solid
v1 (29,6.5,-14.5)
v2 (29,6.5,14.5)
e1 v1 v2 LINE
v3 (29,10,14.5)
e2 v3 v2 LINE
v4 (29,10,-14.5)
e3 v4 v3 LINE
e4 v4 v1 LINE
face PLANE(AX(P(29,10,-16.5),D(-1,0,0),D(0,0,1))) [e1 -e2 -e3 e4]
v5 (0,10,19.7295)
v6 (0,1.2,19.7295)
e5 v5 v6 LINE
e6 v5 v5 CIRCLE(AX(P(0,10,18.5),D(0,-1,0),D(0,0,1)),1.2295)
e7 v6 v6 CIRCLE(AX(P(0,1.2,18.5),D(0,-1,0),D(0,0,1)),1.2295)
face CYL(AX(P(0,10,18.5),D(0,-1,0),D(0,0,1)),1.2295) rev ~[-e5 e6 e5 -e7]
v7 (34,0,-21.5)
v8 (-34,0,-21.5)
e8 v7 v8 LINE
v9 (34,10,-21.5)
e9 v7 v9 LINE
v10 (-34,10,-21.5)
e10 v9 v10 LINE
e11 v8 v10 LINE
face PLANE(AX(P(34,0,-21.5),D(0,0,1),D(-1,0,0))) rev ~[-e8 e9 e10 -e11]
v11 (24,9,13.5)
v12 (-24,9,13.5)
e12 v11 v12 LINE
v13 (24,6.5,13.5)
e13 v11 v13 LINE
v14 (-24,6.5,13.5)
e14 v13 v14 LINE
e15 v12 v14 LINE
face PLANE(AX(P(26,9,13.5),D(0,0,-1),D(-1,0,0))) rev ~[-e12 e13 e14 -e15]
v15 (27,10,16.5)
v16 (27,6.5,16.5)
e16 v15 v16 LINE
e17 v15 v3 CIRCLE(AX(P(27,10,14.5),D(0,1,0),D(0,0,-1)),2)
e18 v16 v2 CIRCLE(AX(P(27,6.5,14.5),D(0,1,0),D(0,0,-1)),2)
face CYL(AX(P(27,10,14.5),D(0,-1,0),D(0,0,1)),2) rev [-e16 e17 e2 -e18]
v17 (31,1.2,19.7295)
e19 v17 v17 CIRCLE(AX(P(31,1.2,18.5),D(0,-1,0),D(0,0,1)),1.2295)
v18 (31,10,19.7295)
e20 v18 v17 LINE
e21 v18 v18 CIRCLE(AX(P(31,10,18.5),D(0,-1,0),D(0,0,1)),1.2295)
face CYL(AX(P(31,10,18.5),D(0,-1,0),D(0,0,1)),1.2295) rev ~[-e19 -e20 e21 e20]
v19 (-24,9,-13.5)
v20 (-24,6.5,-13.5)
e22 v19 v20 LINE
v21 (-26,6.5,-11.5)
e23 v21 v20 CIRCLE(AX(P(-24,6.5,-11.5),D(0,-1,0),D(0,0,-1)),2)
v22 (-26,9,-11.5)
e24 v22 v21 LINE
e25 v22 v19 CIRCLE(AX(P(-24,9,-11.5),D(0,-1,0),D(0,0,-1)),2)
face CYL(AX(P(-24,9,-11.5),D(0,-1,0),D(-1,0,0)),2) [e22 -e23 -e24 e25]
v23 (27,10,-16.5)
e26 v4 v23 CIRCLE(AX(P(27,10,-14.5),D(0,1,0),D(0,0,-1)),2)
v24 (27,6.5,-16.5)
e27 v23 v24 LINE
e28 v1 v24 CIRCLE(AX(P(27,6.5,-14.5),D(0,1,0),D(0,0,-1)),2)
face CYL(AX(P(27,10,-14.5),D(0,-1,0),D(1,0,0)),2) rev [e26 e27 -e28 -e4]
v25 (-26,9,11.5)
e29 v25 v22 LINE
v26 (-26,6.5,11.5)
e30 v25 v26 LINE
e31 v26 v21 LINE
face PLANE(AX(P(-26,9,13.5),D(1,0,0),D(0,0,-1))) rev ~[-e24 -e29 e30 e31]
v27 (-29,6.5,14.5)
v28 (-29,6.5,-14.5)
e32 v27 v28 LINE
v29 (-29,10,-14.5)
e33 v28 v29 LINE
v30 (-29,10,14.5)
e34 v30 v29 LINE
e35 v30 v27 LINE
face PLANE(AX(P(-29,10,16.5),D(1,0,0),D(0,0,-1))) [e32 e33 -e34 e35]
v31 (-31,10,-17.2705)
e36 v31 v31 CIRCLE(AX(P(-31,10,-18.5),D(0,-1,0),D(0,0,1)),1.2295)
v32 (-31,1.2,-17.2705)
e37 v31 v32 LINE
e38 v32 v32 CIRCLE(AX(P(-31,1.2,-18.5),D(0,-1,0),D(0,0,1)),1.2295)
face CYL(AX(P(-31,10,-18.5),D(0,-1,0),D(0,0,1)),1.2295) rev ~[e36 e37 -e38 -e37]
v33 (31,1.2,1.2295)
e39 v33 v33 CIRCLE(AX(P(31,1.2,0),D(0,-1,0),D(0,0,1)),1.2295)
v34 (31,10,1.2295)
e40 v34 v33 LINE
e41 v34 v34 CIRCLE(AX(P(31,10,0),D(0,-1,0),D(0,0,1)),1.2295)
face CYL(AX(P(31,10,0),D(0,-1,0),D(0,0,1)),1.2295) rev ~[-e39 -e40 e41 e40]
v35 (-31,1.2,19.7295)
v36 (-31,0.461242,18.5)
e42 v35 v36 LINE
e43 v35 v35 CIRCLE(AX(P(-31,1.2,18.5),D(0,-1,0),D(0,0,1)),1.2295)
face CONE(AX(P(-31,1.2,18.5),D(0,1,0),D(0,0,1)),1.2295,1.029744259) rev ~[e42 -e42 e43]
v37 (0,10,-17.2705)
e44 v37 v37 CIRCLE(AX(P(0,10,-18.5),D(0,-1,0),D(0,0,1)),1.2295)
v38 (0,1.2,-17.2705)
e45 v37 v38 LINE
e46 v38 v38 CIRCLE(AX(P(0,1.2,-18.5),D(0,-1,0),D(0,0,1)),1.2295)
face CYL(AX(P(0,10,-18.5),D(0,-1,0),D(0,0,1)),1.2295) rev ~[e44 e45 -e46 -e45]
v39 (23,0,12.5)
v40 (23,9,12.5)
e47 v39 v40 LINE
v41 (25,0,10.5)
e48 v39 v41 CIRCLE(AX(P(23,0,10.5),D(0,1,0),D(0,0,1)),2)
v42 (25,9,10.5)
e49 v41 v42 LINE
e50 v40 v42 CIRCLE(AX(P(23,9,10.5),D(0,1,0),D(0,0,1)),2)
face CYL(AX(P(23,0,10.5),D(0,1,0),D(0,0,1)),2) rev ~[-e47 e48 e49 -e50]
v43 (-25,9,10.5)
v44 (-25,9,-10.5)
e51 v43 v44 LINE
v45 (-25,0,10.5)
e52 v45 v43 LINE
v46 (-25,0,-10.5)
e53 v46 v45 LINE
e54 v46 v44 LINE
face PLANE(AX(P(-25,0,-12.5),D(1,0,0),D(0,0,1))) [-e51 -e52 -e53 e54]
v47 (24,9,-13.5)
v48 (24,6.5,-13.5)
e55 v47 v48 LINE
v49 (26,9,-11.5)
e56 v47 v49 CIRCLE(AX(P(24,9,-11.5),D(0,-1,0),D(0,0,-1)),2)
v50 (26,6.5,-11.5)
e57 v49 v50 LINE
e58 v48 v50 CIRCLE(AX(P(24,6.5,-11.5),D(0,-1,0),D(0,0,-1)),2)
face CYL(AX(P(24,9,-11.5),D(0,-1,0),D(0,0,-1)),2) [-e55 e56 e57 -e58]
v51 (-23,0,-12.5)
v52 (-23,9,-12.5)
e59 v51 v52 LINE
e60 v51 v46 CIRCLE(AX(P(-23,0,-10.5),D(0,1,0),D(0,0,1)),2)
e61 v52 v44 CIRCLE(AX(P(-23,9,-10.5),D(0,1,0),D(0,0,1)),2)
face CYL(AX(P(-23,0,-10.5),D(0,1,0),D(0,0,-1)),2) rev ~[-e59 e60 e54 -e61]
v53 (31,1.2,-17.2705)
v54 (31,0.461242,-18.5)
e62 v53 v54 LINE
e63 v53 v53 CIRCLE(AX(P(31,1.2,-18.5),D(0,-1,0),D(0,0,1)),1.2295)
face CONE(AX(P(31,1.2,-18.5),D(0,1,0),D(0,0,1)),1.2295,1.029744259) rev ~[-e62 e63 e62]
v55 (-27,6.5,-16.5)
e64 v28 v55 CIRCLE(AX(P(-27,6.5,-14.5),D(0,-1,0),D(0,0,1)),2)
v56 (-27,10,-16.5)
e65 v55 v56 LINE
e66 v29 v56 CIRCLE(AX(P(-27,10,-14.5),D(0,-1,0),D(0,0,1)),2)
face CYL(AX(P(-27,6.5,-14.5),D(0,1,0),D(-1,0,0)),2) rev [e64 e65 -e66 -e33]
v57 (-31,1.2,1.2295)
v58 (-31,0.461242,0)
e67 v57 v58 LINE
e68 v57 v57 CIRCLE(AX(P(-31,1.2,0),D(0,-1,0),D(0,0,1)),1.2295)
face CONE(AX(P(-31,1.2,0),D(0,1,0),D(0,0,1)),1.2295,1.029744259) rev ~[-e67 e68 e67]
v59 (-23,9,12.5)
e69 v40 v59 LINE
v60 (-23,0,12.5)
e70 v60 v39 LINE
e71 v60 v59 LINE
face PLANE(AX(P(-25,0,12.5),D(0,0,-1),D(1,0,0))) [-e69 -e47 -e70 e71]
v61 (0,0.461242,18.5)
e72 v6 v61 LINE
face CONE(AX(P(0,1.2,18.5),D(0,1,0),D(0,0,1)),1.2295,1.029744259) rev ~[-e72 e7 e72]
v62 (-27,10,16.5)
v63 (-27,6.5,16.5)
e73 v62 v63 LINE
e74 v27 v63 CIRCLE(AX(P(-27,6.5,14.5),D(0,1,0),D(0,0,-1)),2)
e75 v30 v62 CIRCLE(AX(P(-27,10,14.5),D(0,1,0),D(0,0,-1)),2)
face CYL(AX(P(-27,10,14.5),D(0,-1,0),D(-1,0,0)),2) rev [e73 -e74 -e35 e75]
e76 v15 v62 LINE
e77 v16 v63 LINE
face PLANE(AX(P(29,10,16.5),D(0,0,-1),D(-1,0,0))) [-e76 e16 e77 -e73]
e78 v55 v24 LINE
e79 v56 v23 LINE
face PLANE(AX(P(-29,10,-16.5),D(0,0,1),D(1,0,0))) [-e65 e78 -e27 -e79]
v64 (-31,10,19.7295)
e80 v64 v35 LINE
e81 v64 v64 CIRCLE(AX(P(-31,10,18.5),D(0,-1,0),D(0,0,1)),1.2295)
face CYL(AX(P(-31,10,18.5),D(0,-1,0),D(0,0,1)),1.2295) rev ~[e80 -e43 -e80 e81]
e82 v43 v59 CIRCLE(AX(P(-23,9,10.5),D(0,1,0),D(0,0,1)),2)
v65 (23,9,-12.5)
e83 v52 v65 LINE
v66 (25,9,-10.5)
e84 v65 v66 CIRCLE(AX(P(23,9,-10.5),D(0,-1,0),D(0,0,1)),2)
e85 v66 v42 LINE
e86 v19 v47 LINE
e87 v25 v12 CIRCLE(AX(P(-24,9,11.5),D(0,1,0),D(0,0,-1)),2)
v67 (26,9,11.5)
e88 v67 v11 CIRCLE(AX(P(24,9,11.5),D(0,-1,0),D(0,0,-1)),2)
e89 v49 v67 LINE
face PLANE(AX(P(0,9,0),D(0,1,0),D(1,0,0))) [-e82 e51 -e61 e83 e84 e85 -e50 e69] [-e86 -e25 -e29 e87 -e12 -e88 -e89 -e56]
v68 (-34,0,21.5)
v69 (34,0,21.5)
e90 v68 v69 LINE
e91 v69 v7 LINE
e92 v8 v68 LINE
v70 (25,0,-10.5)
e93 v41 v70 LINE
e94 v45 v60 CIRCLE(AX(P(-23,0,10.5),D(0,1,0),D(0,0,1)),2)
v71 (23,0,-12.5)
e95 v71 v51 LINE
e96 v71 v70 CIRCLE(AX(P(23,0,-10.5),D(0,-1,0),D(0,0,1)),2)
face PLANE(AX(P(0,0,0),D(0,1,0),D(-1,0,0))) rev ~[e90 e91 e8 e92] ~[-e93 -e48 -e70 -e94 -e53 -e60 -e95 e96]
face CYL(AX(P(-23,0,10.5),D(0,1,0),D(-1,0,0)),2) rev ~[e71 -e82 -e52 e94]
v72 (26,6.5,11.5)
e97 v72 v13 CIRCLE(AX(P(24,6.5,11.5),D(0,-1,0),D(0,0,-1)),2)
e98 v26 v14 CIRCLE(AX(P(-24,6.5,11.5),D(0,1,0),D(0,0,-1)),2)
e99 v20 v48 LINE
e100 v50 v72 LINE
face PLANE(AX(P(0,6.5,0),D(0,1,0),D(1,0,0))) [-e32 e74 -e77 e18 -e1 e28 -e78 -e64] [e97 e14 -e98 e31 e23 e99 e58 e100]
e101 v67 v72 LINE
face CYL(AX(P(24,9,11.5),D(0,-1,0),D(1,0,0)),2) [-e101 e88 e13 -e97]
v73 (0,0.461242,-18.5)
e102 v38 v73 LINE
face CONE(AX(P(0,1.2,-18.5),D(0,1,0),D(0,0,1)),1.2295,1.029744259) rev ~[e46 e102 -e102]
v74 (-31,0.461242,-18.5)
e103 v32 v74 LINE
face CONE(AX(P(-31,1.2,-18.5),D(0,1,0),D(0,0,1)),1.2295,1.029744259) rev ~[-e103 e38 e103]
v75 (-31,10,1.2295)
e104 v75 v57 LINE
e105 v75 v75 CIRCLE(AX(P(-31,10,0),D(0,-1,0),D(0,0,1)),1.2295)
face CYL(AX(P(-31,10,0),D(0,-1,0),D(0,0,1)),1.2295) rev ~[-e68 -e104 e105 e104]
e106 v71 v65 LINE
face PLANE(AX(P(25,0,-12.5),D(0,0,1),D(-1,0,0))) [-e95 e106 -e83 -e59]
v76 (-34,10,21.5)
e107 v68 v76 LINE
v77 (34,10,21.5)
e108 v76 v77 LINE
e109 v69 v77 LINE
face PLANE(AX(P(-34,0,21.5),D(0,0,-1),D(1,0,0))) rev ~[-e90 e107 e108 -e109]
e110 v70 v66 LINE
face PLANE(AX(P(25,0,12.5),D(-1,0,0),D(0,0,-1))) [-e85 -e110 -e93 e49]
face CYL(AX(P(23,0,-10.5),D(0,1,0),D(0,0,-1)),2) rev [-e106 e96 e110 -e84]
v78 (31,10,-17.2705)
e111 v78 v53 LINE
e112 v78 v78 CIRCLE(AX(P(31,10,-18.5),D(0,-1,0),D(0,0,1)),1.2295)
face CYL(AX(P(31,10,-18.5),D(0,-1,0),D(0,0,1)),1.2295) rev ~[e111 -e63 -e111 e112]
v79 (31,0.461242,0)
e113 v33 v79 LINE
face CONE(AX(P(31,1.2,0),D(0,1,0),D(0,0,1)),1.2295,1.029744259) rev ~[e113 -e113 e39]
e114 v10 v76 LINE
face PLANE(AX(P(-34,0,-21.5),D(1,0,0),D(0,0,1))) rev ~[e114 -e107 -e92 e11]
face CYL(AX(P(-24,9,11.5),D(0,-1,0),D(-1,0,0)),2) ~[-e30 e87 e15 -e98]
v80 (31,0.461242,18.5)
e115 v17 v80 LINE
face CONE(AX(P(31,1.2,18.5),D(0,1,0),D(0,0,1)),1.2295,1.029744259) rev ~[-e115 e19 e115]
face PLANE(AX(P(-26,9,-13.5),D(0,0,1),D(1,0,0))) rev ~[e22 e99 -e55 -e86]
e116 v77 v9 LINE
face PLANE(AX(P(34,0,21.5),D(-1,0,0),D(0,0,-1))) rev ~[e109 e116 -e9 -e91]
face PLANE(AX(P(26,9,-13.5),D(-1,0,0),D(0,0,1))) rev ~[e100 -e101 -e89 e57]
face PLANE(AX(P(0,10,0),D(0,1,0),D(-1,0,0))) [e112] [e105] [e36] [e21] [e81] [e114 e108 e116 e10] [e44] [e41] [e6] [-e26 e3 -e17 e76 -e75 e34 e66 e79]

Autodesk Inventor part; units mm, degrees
ref_plane "YZ Plane" through (0, 0, 0) normal (1, 0, 0) x (0, 1, 0)
ref_plane "XZ Plane" through (0, 0, 0) normal (0, 1, 0) x (-1, 0, 0)
ref_plane "XY Plane" through (0, 0, 0) normal (0, 0, 1) x (1, 0, 0)
sketch "Sketch2" plane through (0, 0, 0) normal (0, 1, 0) x (-1, 0, 0)
  line L0 (-25, -12.5) -> (25, -12.5)
  line L1 (25, -12.5) -> (25, 12.5)
  line L2 (25, 12.5) -> (-25, 12.5)
  line L3 (-25, 12.5) -> (-25, -12.5)
  line L4 (-25, -12.5) -> (25, 12.5) construction
  line L5 (25, -12.5) -> (-25, 12.5) construction
  line L6 (-34, -21.5) -> (34, -21.5)
  line L7 (34, -21.5) -> (34, 21.5)
  line L8 (34, 21.5) -> (-34, 21.5)
  line L9 (-34, 21.5) -> (-34, -21.5)
  line L10 (-34, -21.5) -> (34, 21.5) construction
  line L11 (34, -21.5) -> (-34, 21.5) construction
  point P0 (0, 0)
  dimension "d0" = 50
  dimension "d1" = 25
  dimension "d4" = 9
  dimension "d5" = 9
  dimension "d53" = 68
  dimension "d54" = 43
extrude "Extrusion1" add sketch "Sketch2" along normal blind 10
sketch "Sketch4" plane through (0, 10, 0) normal (0, 1, 0) x (1, 0, 0)
  line L0 (-34, 21.5) -> (-34, -21.5) construction
  line L1 (-34, -21.5) -> (34, -21.5) construction
  line L2 (34, -21.5) -> (34, 21.5) construction
  line L3 (34, 21.5) -> (-34, 21.5) construction
  line L4 (25, 12.5) -> (25, -12.5) construction
  line L5 (25, -12.5) -> (-25, -12.5) construction
  line L6 (-25, -12.5) -> (-25, 12.5) construction
  line L7 (-25, 12.5) -> (25, 12.5) construction
  line L8 (-25, 12.5) -> (25, 12.5)
  line L9 (25, 12.5) -> (25, -12.5)
  line L10 (25, -12.5) -> (-25, -12.5)
  line L11 (-25, -12.5) -> (-25, 12.5)
  line L12 (-25, 12.5) -> (25, -12.5) construction
  line L13 (25, 12.5) -> (-25, -12.5) construction
  line L14 (-29, 16.5) -> (29, 16.5)
  line L15 (29, 16.5) -> (29, -16.5)
  line L16 (29, -16.5) -> (-29, -16.5)
  line L17 (-29, -16.5) -> (-29, 16.5)
  line L18 (-29, 16.5) -> (29, -16.5) construction
  line L19 (29, 16.5) -> (-29, -16.5) construction
  point P0 (0, 0)
  dimension "d8" = 4
  dimension "d9" = 4
extrude "Extrusion2" cut sketch "Sketch4" against normal blind 1
sketch "Sketch7" plane through (0, 9, 0) normal (0, 1, 0) x (1, 0, 0)
  line L0 (29, -16.5) -> (-29, -16.5) construction
  line L1 (29, 16.5) -> (29, -16.5) construction
  line L2 (-29, 16.5) -> (29, 16.5) construction
  line L3 (-29, -16.5) -> (-29, 16.5) construction
  line L4 (25, 12.5) -> (-25, 12.5) construction
  line L5 (25, -12.5) -> (25, 12.5) construction
  line L6 (-25, -12.5) -> (25, -12.5) construction
  line L7 (-25, 12.5) -> (-25, -12.5) construction
  line L8 (-26, 13.5) -> (26, 13.5)
  line L9 (26, 13.5) -> (26, -13.5)
  line L10 (26, -13.5) -> (-26, -13.5)
  line L11 (-26, -13.5) -> (-26, 13.5)
  line L12 (-26, 13.5) -> (26, -13.5) construction
  line L13 (26, 13.5) -> (-26, -13.5) construction
  line L14 (-29, 16.5) -> (29, 16.5)
  line L15 (29, 16.5) -> (29, -16.5)
  line L16 (29, -16.5) -> (-29, -16.5)
  line L17 (-29, -16.5) -> (-29, 16.5)
  line L18 (-29, 16.5) -> (29, -16.5) construction
  line L19 (29, 16.5) -> (-29, -16.5) construction
  point P0 (0, 0)
  dimension "d15" = 3
  dimension "d16" = 3
extrude "Extrusion3" cut sketch "Sketch7" against normal blind 2.5
fillet "Fillet1" radius 2 8 edges at (26, 7.75, 13.5) (-26, 7.75, 13.5) (-26, 7.75, -13.5) (26, 7.75, -13.5) (25, 4.5, 12.5) (25, 4.5, -12.5) (-25, 4.5, -12.5) (-25, 4.5, 12.5)
fillet "Fillet2" radius 2 4 edges at (29, 8.25, 16.5) (29, 8.25, -16.5) (-29, 8.25, 16.5) (-29, 8.25, -16.5)
sketch "Sketch8" plane through (0, 10, 0) normal (0, 1, 0) x (1, 0, 0)
  line L0 (29, 14.5) -> (29, -14.5) construction
  arc A0 (27, -16.5) -> (29, -14.5) centre (27, -14.5) ccw construction
  line L1 (27, -16.5) -> (-27, -16.5) construction
  arc A1 (-29, -14.5) -> (-27, -16.5) centre (-27, -14.5) ccw construction
  line L2 (-29, -14.5) -> (-29, 14.5) construction
  arc A2 (-27, 16.5) -> (-29, 14.5) centre (-27, 14.5) ccw construction
  line L3 (-27, 16.5) -> (27, 16.5) construction
  arc A3 (29, 14.5) -> (27, 16.5) centre (27, 14.5) ccw construction
  line L4 (-34, 21.5) -> (-34, -21.5) construction
  line L5 (-34, -21.5) -> (34, -21.5) construction
  line L6 (34, -21.5) -> (34, 21.5) construction
  line L7 (34, 21.5) -> (-34, 21.5) construction
  line L8 (49, 0) -> (-49, 0) construction
  line L9 (0, 31.5) -> (0, -31.5) construction
  line L10 (-25, 10.5) -> (-25, -10.5) construction
  line L11 (23, 12.5) -> (-23, 12.5) construction
  line L12 (25, -10.5) -> (25, 10.5) construction
  line L13 (-23, -12.5) -> (23, -12.5) construction
  point P0 (0, 0)
  point P1 (31, -18.5)
  point P2 (31, 0)
  point P3 (31, 18.5)
  point P4 (0, 18.5)
  point P5 (-31, 18.5)
  point P6 (-31, 0)
  point P7 (-31, -18.5)
  point P8 (0, -18.5)
  dimension "d21" = 5
  dimension "d41" = 6
  dimension "d42" = 6
  dimension "d43" = 6
  dimension "d44" = 6
  dimension "d45" = 6
  dimension "d46" = 6
  dimension "d47" = 6
  dimension "d48" = 6
  dimension "d49" = 6
  dimension "d50" = 6
  dimension "d51" = 6
  dimension "d52" = 6
hole "Hole1" at (31, 10, 18.5) at (31, 10, 0) at (31, 10, -18.5) at (0, 10, -18.5) at (-31, 10, -18.5) at (-31, 10, 0) at (-31, 10, 18.5) at (0, 10, 18.5) direction (0, -1, 0) diameter 2.459 depth 8.8 tip angle 118 thread size "M3x0.5" class "6H" standard "ISO Metric profile"
properties part number "P018_BasEcranProtecLidar"
